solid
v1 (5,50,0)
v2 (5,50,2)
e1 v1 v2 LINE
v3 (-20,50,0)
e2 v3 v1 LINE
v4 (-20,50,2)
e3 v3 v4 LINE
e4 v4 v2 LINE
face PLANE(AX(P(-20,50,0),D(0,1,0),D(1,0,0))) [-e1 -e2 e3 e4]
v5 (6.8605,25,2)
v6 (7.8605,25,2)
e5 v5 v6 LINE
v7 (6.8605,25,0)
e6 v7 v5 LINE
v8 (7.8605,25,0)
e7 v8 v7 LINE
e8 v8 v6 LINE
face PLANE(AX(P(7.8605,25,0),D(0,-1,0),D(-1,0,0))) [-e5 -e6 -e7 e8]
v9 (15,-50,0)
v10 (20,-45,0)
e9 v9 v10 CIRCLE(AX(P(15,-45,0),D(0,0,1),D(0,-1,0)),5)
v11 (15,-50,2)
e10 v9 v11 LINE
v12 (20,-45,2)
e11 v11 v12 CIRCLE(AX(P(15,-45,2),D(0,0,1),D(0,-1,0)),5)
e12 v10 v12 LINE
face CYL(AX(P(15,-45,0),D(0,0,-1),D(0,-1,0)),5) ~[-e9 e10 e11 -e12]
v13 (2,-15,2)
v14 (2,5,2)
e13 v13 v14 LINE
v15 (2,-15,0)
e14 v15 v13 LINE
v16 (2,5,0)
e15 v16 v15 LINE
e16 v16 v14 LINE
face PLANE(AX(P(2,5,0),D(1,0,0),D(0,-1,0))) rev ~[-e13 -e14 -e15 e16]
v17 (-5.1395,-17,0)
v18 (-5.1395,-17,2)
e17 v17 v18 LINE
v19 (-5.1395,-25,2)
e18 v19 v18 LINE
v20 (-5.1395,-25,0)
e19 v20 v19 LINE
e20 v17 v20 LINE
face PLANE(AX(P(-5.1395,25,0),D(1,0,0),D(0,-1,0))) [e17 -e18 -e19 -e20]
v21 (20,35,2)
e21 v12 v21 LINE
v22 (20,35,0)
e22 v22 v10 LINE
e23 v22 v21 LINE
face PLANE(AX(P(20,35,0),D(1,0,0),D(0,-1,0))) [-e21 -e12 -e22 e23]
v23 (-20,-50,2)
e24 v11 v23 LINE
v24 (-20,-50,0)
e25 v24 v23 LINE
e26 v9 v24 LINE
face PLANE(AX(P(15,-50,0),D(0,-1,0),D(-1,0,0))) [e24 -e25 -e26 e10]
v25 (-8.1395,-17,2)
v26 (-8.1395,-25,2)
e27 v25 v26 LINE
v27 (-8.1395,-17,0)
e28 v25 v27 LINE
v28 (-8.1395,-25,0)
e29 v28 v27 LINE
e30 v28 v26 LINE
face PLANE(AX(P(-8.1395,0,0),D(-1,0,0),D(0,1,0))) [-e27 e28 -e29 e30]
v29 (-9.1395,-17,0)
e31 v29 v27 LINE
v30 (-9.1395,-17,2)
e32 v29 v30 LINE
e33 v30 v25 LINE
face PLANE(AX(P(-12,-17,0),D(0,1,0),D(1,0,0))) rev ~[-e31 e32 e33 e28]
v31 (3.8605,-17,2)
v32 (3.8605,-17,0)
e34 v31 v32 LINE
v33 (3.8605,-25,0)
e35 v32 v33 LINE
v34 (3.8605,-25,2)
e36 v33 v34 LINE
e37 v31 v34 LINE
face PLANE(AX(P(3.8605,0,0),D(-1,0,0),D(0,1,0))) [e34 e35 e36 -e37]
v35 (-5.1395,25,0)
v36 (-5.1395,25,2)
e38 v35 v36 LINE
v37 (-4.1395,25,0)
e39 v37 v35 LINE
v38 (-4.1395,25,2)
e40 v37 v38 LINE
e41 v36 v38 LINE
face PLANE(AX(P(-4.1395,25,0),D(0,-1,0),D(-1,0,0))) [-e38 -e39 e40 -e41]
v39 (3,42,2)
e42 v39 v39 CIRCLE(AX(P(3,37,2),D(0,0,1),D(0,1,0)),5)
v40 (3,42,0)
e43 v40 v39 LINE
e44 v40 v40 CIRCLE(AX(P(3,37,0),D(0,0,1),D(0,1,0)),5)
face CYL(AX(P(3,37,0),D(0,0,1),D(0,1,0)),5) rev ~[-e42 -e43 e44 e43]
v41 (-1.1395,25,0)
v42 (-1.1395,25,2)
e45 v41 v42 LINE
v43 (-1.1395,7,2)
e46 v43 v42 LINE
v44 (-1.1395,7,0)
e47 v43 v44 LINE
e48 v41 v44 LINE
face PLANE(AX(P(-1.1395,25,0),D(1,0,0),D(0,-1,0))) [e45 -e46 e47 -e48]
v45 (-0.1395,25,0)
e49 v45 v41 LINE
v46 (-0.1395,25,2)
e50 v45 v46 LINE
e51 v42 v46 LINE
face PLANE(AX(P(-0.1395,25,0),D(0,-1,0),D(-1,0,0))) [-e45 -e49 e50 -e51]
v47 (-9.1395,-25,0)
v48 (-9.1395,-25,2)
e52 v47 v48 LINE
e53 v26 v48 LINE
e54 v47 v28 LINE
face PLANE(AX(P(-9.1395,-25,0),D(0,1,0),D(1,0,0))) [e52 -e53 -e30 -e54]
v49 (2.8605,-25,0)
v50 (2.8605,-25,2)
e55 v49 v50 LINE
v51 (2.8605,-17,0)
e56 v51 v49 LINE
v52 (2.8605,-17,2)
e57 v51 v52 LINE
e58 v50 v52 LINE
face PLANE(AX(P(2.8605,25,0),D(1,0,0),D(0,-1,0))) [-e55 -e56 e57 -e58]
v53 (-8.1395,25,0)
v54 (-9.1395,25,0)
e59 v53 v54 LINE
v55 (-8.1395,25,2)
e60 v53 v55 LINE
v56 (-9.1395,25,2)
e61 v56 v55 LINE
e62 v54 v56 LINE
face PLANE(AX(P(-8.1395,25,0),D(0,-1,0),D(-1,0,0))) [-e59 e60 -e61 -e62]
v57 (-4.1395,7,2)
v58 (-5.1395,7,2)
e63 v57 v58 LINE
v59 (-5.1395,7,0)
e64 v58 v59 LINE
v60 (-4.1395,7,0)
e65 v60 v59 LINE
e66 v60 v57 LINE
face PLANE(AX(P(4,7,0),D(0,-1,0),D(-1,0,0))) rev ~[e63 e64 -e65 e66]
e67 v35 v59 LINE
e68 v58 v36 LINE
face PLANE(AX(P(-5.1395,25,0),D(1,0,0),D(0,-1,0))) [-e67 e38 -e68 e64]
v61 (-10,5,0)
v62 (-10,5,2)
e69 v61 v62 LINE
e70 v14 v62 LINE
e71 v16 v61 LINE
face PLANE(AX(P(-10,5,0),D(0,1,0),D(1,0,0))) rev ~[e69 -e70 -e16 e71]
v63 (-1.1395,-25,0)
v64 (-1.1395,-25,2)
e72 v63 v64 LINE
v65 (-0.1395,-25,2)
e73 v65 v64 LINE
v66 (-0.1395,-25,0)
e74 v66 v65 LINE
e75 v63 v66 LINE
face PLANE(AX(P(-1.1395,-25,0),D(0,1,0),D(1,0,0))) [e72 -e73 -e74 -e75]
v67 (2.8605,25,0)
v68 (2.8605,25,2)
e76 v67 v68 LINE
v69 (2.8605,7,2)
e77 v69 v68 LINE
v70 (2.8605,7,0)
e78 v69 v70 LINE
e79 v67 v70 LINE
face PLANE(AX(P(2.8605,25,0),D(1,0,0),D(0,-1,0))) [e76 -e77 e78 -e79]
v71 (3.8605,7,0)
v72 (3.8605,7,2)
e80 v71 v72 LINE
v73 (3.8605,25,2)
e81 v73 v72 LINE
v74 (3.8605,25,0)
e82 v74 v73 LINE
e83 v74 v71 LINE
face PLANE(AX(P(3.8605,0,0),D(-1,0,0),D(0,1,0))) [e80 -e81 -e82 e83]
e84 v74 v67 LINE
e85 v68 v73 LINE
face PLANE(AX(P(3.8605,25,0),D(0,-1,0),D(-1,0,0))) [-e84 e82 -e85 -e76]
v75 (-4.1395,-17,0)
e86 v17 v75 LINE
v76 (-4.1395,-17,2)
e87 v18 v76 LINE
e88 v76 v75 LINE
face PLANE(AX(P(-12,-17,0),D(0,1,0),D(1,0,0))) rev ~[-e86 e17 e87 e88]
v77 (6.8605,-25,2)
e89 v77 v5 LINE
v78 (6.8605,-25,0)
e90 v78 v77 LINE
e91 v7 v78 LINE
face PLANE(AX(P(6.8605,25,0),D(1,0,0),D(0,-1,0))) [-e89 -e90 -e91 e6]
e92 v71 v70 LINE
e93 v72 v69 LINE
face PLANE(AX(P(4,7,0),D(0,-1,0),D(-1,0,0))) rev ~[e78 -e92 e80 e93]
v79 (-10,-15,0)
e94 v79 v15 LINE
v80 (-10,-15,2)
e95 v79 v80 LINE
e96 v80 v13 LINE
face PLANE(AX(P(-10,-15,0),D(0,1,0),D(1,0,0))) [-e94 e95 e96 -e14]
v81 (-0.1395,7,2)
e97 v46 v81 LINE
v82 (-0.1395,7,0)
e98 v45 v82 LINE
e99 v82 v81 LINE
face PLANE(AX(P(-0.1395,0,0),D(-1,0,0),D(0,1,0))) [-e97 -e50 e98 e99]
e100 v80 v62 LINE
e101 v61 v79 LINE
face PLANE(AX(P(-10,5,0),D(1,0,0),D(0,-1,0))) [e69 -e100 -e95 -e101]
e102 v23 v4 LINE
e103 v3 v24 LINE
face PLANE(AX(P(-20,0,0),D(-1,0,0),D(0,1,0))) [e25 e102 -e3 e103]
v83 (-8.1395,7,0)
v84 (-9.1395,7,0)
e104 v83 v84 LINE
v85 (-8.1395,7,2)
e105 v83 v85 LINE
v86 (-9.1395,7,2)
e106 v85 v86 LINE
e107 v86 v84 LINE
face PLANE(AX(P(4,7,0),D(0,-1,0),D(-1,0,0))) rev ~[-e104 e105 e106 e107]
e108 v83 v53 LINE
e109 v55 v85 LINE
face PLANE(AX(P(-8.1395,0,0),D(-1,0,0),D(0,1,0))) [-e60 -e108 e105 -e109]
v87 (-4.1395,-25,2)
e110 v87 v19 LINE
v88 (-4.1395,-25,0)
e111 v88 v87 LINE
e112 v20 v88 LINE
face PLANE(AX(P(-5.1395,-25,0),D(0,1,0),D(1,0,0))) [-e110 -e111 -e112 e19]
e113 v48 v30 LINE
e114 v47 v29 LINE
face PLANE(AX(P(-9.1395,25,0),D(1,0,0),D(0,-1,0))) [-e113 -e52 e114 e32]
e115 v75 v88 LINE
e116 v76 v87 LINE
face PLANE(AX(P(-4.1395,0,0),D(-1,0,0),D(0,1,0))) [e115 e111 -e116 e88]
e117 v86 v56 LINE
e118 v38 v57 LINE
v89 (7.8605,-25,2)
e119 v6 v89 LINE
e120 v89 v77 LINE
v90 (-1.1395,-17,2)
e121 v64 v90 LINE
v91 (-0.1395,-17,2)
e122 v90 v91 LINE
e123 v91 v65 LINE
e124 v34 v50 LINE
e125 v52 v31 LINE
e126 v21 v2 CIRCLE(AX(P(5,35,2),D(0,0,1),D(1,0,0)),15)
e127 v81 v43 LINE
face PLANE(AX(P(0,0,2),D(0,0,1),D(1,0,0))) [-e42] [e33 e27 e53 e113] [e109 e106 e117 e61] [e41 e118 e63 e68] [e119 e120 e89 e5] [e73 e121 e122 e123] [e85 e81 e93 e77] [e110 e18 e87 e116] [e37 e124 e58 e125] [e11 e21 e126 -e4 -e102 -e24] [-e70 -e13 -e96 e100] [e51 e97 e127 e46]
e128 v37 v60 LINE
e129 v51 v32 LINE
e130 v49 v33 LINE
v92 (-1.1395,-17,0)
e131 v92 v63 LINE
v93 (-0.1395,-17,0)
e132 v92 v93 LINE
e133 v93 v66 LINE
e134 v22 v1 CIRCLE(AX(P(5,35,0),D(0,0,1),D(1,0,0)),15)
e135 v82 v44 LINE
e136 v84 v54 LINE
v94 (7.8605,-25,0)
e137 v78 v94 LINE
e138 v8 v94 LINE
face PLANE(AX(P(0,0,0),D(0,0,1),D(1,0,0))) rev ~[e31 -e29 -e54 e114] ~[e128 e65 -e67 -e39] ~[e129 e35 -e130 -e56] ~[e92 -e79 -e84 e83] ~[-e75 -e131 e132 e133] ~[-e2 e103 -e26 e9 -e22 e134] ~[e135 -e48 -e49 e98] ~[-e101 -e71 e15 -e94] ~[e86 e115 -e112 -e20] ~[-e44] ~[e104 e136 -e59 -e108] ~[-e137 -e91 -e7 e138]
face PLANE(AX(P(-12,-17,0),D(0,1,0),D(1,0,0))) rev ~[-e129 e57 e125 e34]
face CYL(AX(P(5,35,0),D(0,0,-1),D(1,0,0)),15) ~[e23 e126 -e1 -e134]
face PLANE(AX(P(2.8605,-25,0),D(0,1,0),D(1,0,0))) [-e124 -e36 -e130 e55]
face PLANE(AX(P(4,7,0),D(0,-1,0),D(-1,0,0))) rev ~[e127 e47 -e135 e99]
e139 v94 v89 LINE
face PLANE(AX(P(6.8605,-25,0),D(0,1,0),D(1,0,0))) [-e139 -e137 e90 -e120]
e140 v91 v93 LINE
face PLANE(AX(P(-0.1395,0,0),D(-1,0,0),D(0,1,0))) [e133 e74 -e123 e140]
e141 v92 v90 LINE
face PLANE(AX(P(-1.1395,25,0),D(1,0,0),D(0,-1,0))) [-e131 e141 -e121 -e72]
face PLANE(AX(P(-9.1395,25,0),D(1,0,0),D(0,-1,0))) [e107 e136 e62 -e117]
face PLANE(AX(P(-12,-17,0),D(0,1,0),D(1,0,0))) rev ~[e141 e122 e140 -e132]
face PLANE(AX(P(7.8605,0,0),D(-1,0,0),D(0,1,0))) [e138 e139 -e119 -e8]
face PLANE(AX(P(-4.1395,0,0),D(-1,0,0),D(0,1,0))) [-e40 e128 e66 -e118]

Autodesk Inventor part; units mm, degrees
ref_plane "YZ Plane" through (0, 0, 0) normal (1, 0, 0) x (0, 1, 0)
ref_plane "XZ Plane" through (0, 0, 0) normal (0, 1, 0) x (-1, 0, 0)
ref_plane "XY Plane" through (0, 0, 0) normal (0, 0, 1) x (1, 0, 0)
sketch "Boceto1" plane through (0, 0, 0) normal (0, 0, 1) x (1, 0, 0)
  line L0 (-20, 50) -> (5, 50)
  line L1 (20, 35) -> (20, -45)
  line L2 (15, -50) -> (-20, -50)
  line L3 (-20, -50) -> (-20, 50)
  line L4 (0, 26.3033) -> (0, -44.8052)
  line L5 (-41.9778, 0) -> (28.2031, 0)
  arc A0 (20, 35) -> (5, 50) centre (5, 35) ccw
  arc A1 (15, -50) -> (20, -45) centre (15, -45) ccw
  point P0 (0, 0)
  point P1 (0, 50)
  point P2 (-20, 0)
  dimension "d3" = 30
  dimension "d4" = 10
  dimension "d5" = 100
  dimension "d6" = 40
extrude "Extrusión1" add sketch "Boceto1" along normal blind 2
sketch "Boceto2" plane through (0, 0, 2) normal (0, 0, 1) x (1, 0, 0)
  line L0 (-20, -50) -> (15, -50) projected
  line L1 (20, -45) -> (20, 35) projected
  line L2 (5, 50) -> (-20, 50) projected
  line L3 (-20, 50) -> (-20, -50) projected
  circle A0 centre (-10, 47.5) radius 1
  circle A1 centre (17.5, 35) radius 1
  circle A2 centre (17.5, 15) radius 1
  circle A3 centre (17.5, -5) radius 1
  circle A4 centre (17.5, -25) radius 1
  circle A5 centre (17.5, -45) radius 1
  circle A6 centre (-15, -47.5) radius 1
  point P0 (0, 0)
  dimension "d9" = 2.5
  dimension "d10" = 5
  dimension "d11" = 5
  dimension "d12" = 2.5
  dimension "d13" = 2.5
  dimension "d14" = 2.5
  dimension "d15" = 2.5
  dimension "d16" = 2.5
  dimension "d17" = 10
  dimension "d18" = 20
  dimension "d19" = 20
  dimension "d20" = 20
  dimension "d21" = 2.5
  dimension "d22" = 20
  dimension "d23" = 2
  dimension "d24" = 2
  dimension "d25" = 2
  dimension "d26" = 2
  dimension "d27" = 2
  dimension "d28" = 2
  dimension "d29" = 2
extrude "Extrusión2" [suppressed]
sketch "Boceto3" plane through (0, 0, 0) normal (0, 0, -1) x (-1, 0, 0)
  line L0 (20, -50) -> (20, 50) projected
  line L1 (20, 50) -> (-5, 50) projected
  point P0 (0, 0)
  point P1 (-3, 37)
  dimension "d32" = 23
  dimension "d33" = 13
hole "Agujero1" at (3, 37, 0) direction (0, 0, 1) diameter 10 end through all
sketch "Boceto4" plane through (0, 0, 0) normal (0, 0, 1) x (1, 0, 0)
  line L0 (-8.1395, 25) -> (-9.1395, 25)
  line L1 (-9.1395, 25) -> (-9.1395, -25)
  line L2 (-9.1395, -25) -> (-8.1395, -25)
  line L3 (-8.1395, -25) -> (-8.1395, 25)
  line L4 (-48.3206, 0) -> (41.5333, 0)
  line L5 (-4.1395, 25) -> (-5.1395, 25)
  line L6 (-5.1395, 25) -> (-5.1395, -25)
  line L7 (-5.1395, -25) -> (-4.1395, -25)
  line L8 (-4.1395, -25) -> (-4.1395, 25)
  line L9 (-0.1395, 25) -> (-1.1395, 25)
  line L10 (-1.1395, 25) -> (-1.1395, -25)
  line L11 (-1.1395, -25) -> (-0.1395, -25)
  line L12 (-0.1395, -25) -> (-0.1395, 25)
  line L13 (3.8605, 25) -> (2.8605, 25)
  line L14 (2.8605, 25) -> (2.8605, -25)
  line L15 (2.8605, -25) -> (3.8605, -25)
  line L16 (3.8605, -25) -> (3.8605, 25)
  line L17 (7.8605, 25) -> (6.8605, 25)
  line L18 (6.8605, 25) -> (6.8605, -25)
  line L19 (6.8605, -25) -> (7.8605, -25)
  line L20 (7.8605, -25) -> (7.8605, 25)
  point P0 (0, 0)
  point P1 (-9.1395, 0)
  dimension "d41" = 1
  dimension "d42" = 50
  dimension "d43" = 1
  dimension "d44" = 50
  dimension "d45" = 1
  dimension "d46" = 50
  dimension "d47" = 1
  dimension "d48" = 50
  dimension "d49" = 1
  dimension "d50" = 50
  dimension "d51" = 3
  dimension "d52" = 3
  dimension "d53" = 3
  dimension "d54" = 3
extrude "Extrusión3" cut sketch "Boceto4" along normal blind 10
sketch "Boceto5" plane through (0, 0, 0) normal (0, 0, 1) x (1, 0, 0)
  line L0 (5, 50) -> (-20, 50) projected
  line L1 (20, -45) -> (20, 35) projected
  line L2 (-20, -50) -> (-20, 50) projected
  line L3 (2, 63.3665) -> (2, 50)
  line L4 (2, 5) -> (2, -15)
  line L5 (-10, 55.864) -> (-10, 50)
  line L6 (-10, 5) -> (-10, -15)
  line L7 (-56.3903, 5) -> (-20, 5)
  line L8 (-10, 5) -> (2, 5)
  line L9 (20, 5) -> (36.1498, 5)
  line L10 (20, -15) -> (39.7486, -15)
  line L11 (-56.3903, -15) -> (-20, -15)
  line L12 (-10, -15) -> (2, -15)
  point P0 (0, 0)
  dimension "d61" = 10
  dimension "d62" = 20
  dimension "d63" = 45
  dimension "d64" = 12
extrude "Extrusión4" cut sketch "Boceto5" along normal blind 10
sketch "Boceto6" plane through (0, 0, 0) normal (0, 0, 1) x (1, 0, 0)
  line L0 (-10, -15) -> (2, -15)
  line L1 (2, -15) -> (2, 5)
  line L2 (2, 5) -> (-10, 5)
  line L3 (-10, 5) -> (-10, -15)
  line L4 (-12, -17) -> (4, -17)
  line L5 (4, -17) -> (4, 7)
  line L6 (4, 7) -> (-12, 7)
  line L7 (-12, 7) -> (-12, -17)
  point P0 (0, 0)
  point P1 (2, -15)
  point P2 (-10, 5)
  dimension "d67" = 2
extrude "Extrusión5" add sketch "Boceto6" along normal up to surface (2 mm away)
properties part number "base_lateral_cover_rigth_v2" material "Plástico ABS"
